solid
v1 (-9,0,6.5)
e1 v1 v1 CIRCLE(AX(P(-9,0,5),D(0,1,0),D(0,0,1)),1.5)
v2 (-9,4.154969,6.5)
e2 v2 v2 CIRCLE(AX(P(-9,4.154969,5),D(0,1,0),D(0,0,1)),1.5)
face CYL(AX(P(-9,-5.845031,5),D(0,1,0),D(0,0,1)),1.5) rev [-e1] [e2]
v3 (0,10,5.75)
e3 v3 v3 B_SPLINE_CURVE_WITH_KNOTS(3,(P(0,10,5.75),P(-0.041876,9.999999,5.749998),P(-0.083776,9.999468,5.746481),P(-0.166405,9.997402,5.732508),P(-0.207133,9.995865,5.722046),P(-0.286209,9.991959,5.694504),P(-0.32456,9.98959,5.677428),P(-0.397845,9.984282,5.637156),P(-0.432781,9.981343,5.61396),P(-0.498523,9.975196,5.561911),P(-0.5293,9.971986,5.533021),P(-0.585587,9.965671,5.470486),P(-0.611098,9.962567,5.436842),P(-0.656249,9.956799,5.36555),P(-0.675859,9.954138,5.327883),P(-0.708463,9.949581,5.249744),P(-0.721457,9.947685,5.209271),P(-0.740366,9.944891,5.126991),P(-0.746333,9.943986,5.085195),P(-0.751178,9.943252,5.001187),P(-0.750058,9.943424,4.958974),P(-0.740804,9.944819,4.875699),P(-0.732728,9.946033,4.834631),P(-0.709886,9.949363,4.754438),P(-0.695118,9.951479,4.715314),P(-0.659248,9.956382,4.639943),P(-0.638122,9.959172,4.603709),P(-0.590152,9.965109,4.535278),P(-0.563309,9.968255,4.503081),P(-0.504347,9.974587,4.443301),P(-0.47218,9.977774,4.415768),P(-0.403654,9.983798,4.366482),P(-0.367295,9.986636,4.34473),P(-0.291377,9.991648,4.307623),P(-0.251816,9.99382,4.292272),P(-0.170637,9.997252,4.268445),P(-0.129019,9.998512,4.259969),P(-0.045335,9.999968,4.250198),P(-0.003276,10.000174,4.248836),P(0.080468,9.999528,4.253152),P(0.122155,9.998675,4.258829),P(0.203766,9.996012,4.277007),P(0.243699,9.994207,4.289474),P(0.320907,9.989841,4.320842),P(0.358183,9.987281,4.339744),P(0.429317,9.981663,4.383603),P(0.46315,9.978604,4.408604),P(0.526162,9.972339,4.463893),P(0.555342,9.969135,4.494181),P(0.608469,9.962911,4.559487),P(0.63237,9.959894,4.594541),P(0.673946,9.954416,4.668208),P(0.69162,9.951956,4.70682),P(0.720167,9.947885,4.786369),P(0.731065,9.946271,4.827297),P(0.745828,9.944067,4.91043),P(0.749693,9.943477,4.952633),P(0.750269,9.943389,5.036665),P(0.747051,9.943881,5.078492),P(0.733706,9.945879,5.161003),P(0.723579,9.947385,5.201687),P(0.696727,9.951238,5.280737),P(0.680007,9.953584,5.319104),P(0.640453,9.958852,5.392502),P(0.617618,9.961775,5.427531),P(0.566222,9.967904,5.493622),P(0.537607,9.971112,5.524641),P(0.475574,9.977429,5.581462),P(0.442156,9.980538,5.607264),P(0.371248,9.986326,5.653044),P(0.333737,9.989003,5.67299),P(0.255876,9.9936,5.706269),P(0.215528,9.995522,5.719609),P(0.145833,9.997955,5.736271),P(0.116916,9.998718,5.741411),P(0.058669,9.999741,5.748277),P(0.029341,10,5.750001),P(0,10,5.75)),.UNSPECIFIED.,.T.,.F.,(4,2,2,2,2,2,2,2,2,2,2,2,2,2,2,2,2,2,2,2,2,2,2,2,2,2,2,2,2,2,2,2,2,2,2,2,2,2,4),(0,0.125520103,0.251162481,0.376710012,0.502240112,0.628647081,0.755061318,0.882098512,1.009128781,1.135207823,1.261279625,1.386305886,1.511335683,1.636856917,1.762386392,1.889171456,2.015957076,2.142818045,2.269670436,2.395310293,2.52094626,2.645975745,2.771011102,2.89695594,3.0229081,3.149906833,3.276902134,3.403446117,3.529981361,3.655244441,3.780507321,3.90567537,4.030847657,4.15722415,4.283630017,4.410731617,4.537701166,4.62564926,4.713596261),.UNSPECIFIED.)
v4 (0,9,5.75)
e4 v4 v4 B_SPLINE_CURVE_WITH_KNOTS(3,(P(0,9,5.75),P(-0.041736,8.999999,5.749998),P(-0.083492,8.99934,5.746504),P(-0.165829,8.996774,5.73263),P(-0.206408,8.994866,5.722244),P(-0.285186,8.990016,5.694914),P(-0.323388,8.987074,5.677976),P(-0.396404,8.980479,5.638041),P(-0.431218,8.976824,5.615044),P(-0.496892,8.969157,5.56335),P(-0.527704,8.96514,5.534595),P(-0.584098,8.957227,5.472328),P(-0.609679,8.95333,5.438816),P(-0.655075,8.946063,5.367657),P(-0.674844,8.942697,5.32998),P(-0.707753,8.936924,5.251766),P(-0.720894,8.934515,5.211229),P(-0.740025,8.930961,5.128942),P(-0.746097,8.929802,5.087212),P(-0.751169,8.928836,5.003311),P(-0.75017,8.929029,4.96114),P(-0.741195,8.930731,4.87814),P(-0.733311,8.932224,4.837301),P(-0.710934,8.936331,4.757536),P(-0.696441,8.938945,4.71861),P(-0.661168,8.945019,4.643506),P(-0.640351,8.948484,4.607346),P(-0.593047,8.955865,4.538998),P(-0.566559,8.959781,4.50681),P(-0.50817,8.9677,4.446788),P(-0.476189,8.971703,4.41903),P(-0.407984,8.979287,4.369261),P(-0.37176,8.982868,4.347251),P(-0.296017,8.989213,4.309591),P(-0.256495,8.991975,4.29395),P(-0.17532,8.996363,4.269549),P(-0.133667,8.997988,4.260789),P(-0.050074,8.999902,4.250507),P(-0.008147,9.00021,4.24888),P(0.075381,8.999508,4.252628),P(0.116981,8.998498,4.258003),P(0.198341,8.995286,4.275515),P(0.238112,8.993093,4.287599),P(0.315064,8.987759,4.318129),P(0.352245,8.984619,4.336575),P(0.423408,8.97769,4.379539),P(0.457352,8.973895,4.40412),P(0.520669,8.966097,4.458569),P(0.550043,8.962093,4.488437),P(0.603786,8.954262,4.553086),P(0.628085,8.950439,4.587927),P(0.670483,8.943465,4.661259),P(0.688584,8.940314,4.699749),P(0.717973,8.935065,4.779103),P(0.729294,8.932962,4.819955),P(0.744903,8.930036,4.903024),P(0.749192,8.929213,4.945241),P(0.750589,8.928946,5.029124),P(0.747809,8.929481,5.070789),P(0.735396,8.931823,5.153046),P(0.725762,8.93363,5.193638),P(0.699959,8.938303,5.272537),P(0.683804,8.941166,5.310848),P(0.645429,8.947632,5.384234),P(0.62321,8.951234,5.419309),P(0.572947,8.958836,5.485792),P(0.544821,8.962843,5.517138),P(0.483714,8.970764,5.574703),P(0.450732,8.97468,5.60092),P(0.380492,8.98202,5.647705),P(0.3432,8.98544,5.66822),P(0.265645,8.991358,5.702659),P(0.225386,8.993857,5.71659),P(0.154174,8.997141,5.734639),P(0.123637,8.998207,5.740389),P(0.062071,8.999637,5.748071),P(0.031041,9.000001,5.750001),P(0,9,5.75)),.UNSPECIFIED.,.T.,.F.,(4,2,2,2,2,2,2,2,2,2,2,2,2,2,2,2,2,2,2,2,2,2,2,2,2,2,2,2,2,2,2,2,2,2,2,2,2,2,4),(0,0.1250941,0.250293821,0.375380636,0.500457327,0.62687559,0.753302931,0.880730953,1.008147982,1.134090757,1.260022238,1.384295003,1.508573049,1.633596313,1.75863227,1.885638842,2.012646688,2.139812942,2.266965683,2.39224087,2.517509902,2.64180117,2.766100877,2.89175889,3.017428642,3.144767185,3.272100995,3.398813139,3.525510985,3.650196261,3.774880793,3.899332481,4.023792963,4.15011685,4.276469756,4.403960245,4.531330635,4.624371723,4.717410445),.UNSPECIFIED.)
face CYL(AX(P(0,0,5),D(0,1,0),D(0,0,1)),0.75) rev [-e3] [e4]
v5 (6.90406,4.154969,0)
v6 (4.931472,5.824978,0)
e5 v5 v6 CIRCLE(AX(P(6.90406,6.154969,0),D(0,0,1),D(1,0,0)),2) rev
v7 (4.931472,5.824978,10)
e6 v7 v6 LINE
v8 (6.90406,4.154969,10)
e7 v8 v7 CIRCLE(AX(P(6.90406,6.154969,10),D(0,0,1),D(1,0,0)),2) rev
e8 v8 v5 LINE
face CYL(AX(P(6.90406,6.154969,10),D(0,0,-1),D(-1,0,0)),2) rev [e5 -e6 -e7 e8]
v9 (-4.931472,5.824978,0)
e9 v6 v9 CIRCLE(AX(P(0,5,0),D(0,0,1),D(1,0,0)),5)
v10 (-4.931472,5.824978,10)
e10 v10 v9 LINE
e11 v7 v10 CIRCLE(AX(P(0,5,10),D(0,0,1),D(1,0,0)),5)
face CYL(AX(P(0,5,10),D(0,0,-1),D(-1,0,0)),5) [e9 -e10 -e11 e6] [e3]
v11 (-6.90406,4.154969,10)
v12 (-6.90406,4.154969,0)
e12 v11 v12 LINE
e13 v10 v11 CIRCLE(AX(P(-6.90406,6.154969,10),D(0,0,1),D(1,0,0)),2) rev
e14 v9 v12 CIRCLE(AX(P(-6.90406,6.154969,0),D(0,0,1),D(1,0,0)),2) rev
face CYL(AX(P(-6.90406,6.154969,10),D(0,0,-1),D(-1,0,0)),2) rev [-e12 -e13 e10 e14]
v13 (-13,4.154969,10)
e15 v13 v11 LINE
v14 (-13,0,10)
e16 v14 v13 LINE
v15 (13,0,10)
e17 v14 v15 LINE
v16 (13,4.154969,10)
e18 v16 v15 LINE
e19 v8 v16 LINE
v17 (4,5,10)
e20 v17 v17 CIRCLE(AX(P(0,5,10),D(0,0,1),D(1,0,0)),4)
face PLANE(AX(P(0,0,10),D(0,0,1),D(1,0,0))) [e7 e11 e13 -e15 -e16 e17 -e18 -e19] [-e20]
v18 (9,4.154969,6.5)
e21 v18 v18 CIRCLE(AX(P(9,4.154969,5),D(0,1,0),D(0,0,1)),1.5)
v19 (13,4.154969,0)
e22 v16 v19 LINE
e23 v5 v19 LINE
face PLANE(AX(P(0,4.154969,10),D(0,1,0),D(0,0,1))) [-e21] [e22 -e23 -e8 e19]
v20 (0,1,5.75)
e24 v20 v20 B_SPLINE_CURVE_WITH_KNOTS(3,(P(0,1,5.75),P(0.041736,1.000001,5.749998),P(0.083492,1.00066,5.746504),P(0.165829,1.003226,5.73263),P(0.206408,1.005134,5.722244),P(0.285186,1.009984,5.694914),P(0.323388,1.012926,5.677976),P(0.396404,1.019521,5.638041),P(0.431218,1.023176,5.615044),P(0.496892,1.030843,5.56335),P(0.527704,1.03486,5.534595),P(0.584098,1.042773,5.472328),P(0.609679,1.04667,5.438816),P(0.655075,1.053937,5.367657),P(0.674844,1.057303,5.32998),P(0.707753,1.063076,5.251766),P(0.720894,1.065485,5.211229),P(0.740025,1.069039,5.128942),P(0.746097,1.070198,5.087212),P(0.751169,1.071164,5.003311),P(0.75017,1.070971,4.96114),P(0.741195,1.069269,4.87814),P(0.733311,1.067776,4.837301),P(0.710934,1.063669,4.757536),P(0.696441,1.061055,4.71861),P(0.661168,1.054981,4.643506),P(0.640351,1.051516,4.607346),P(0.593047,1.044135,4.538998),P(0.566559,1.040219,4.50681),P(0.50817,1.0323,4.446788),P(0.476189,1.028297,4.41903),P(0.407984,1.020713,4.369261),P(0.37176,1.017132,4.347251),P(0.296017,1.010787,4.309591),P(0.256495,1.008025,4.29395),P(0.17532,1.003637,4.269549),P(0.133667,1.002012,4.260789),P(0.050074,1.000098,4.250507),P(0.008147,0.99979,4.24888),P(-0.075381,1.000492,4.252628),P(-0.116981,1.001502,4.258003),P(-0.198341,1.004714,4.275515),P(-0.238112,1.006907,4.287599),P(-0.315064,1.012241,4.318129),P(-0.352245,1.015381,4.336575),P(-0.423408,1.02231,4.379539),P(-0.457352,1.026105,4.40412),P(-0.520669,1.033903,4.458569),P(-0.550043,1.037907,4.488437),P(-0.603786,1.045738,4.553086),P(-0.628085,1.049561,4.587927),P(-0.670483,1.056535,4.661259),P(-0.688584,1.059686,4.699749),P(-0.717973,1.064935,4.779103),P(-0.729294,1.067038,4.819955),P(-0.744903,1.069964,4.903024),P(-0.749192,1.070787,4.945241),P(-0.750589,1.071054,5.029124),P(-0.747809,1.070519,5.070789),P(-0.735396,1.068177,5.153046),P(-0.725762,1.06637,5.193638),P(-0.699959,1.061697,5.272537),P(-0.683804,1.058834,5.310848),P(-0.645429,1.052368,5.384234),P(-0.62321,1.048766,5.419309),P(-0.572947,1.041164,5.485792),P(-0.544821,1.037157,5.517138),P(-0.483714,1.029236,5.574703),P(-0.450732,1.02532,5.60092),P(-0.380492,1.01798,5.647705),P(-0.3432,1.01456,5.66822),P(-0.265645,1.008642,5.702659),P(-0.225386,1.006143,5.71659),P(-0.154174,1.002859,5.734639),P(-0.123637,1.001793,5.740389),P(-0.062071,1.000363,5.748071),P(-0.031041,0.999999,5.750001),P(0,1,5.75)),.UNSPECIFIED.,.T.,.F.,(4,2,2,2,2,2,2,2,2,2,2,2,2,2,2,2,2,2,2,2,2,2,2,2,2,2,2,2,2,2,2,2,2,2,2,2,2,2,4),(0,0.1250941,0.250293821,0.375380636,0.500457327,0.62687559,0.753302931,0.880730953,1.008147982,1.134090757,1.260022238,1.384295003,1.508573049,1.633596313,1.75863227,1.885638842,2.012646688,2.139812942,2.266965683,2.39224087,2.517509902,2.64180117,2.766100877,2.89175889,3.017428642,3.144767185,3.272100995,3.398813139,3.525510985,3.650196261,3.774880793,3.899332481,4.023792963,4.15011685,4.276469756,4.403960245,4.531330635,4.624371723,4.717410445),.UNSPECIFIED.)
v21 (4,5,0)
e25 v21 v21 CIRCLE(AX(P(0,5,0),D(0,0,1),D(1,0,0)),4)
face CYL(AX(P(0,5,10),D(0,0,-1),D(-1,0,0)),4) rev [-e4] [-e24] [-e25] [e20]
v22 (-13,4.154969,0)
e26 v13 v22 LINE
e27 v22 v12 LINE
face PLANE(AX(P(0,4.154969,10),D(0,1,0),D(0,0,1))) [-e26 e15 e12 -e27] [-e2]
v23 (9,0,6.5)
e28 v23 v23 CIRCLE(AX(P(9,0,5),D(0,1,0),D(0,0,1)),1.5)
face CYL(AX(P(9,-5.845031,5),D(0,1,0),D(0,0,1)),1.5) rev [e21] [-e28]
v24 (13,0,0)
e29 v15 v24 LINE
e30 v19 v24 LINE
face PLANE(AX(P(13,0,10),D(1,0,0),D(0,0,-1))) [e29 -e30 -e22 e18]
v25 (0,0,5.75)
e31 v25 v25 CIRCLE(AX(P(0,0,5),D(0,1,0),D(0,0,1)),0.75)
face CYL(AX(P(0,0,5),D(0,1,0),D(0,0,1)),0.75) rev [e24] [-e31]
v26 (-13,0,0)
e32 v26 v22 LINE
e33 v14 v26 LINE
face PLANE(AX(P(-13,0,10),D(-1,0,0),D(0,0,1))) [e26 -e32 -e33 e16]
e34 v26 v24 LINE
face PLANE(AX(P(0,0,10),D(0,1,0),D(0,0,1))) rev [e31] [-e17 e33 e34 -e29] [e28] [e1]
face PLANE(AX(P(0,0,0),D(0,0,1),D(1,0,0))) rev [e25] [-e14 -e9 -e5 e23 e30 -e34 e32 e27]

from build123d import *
from build123d.topology import SkipClean

# Parameters (mm, degrees)
BOSS_EXTRUDE1_DEPTH     = 10
SKETCH2_R               = 1.5
CUT_EXTRUDE1_DEPTH      = 10
CUT_EXTRUDE2_DEPTH      = 18.411616553
CUT_EXTRUDE2_DEPTH_BACK = 18.411616553
SKETCH3_R               = 0.75


with BuildPart() as part:
    # Sketch1 → Boss-Extrude1 (new body)
    with BuildSketch(Plane.XY):
        with BuildLine():
            Line((0, 1), (0, 0))
            Line((0, 0), (13, 0))
            Line((13, 0), (13, 4.154968692))
            Line((13, 4.154968692), (6.904060206, 4.154968692))
            ThreePointArc((6.904060206, 4.154968692), (5.611771946, 4.62853787), (4.931471575, 5.824977637))
            ThreePointArc((4.931471575, 5.824977637), (3.230720648, 8.816077055), (0, 10))
            Line((0, 10), (0, 9))
            ThreePointArc((0, 9), (2.828427125, 7.828427125), (4, 5))
            ThreePointArc((4, 5), (2.828427125, 2.171572875), (0, 1))
        make_face()
        with BuildLine():
            Line((-13, 0), (0, 0))
            Line((0, 0), (0, 1))
            ThreePointArc((0, 1), (-4, 5), (0, 9))
            Line((0, 9), (0, 10))
            ThreePointArc((0, 10), (-3.230720648, 8.816077055), (-4.931471575, 5.824977637))
            ThreePointArc((-4.931471575, 5.824977637), (-5.611771946, 4.62853787), (-6.904060206, 4.154968692))
            Line((-6.904060206, 4.154968692), (-13, 4.154968692))
            Line((-13, 4.154968692), (-13, 0))
        make_face()
    extrude(amount=BOSS_EXTRUDE1_DEPTH)

    # Sketch2 → Cut-Extrude1 (cut)
    with BuildSketch(Plane(origin=(0, 4.154968692, 0), x_dir=(1, 0, 0), z_dir=(0, 1, 0))):
        with Locations(Location((-9, -5, 0), (0, 0, 270))):
            Circle(SKETCH2_R)
        with Locations(Location((9, -5, 0), (0, 0, 270))):
            Circle(SKETCH2_R)
    extrude(amount=-CUT_EXTRUDE1_DEPTH, mode=Mode.SUBTRACT)

    # Sketch3 → Cut-Extrude2 (cut, two sides: drawn at the far end of the back side and taken through both)
    with SkipClean():  # the faces are left unmerged after this step: merging them gives an invalid solid
        with BuildSketch(Plane(origin=(0, 4.154968692, 0), x_dir=(1, 0, 0), z_dir=(0, 1, 0)).offset(-CUT_EXTRUDE2_DEPTH_BACK)):
            with Locations(Location((0, -5, 0), (0, 0, 270))):
                Circle(SKETCH3_R)
        extrude(amount=CUT_EXTRUDE2_DEPTH + CUT_EXTRUDE2_DEPTH_BACK, mode=Mode.SUBTRACT)


solid = part.part
